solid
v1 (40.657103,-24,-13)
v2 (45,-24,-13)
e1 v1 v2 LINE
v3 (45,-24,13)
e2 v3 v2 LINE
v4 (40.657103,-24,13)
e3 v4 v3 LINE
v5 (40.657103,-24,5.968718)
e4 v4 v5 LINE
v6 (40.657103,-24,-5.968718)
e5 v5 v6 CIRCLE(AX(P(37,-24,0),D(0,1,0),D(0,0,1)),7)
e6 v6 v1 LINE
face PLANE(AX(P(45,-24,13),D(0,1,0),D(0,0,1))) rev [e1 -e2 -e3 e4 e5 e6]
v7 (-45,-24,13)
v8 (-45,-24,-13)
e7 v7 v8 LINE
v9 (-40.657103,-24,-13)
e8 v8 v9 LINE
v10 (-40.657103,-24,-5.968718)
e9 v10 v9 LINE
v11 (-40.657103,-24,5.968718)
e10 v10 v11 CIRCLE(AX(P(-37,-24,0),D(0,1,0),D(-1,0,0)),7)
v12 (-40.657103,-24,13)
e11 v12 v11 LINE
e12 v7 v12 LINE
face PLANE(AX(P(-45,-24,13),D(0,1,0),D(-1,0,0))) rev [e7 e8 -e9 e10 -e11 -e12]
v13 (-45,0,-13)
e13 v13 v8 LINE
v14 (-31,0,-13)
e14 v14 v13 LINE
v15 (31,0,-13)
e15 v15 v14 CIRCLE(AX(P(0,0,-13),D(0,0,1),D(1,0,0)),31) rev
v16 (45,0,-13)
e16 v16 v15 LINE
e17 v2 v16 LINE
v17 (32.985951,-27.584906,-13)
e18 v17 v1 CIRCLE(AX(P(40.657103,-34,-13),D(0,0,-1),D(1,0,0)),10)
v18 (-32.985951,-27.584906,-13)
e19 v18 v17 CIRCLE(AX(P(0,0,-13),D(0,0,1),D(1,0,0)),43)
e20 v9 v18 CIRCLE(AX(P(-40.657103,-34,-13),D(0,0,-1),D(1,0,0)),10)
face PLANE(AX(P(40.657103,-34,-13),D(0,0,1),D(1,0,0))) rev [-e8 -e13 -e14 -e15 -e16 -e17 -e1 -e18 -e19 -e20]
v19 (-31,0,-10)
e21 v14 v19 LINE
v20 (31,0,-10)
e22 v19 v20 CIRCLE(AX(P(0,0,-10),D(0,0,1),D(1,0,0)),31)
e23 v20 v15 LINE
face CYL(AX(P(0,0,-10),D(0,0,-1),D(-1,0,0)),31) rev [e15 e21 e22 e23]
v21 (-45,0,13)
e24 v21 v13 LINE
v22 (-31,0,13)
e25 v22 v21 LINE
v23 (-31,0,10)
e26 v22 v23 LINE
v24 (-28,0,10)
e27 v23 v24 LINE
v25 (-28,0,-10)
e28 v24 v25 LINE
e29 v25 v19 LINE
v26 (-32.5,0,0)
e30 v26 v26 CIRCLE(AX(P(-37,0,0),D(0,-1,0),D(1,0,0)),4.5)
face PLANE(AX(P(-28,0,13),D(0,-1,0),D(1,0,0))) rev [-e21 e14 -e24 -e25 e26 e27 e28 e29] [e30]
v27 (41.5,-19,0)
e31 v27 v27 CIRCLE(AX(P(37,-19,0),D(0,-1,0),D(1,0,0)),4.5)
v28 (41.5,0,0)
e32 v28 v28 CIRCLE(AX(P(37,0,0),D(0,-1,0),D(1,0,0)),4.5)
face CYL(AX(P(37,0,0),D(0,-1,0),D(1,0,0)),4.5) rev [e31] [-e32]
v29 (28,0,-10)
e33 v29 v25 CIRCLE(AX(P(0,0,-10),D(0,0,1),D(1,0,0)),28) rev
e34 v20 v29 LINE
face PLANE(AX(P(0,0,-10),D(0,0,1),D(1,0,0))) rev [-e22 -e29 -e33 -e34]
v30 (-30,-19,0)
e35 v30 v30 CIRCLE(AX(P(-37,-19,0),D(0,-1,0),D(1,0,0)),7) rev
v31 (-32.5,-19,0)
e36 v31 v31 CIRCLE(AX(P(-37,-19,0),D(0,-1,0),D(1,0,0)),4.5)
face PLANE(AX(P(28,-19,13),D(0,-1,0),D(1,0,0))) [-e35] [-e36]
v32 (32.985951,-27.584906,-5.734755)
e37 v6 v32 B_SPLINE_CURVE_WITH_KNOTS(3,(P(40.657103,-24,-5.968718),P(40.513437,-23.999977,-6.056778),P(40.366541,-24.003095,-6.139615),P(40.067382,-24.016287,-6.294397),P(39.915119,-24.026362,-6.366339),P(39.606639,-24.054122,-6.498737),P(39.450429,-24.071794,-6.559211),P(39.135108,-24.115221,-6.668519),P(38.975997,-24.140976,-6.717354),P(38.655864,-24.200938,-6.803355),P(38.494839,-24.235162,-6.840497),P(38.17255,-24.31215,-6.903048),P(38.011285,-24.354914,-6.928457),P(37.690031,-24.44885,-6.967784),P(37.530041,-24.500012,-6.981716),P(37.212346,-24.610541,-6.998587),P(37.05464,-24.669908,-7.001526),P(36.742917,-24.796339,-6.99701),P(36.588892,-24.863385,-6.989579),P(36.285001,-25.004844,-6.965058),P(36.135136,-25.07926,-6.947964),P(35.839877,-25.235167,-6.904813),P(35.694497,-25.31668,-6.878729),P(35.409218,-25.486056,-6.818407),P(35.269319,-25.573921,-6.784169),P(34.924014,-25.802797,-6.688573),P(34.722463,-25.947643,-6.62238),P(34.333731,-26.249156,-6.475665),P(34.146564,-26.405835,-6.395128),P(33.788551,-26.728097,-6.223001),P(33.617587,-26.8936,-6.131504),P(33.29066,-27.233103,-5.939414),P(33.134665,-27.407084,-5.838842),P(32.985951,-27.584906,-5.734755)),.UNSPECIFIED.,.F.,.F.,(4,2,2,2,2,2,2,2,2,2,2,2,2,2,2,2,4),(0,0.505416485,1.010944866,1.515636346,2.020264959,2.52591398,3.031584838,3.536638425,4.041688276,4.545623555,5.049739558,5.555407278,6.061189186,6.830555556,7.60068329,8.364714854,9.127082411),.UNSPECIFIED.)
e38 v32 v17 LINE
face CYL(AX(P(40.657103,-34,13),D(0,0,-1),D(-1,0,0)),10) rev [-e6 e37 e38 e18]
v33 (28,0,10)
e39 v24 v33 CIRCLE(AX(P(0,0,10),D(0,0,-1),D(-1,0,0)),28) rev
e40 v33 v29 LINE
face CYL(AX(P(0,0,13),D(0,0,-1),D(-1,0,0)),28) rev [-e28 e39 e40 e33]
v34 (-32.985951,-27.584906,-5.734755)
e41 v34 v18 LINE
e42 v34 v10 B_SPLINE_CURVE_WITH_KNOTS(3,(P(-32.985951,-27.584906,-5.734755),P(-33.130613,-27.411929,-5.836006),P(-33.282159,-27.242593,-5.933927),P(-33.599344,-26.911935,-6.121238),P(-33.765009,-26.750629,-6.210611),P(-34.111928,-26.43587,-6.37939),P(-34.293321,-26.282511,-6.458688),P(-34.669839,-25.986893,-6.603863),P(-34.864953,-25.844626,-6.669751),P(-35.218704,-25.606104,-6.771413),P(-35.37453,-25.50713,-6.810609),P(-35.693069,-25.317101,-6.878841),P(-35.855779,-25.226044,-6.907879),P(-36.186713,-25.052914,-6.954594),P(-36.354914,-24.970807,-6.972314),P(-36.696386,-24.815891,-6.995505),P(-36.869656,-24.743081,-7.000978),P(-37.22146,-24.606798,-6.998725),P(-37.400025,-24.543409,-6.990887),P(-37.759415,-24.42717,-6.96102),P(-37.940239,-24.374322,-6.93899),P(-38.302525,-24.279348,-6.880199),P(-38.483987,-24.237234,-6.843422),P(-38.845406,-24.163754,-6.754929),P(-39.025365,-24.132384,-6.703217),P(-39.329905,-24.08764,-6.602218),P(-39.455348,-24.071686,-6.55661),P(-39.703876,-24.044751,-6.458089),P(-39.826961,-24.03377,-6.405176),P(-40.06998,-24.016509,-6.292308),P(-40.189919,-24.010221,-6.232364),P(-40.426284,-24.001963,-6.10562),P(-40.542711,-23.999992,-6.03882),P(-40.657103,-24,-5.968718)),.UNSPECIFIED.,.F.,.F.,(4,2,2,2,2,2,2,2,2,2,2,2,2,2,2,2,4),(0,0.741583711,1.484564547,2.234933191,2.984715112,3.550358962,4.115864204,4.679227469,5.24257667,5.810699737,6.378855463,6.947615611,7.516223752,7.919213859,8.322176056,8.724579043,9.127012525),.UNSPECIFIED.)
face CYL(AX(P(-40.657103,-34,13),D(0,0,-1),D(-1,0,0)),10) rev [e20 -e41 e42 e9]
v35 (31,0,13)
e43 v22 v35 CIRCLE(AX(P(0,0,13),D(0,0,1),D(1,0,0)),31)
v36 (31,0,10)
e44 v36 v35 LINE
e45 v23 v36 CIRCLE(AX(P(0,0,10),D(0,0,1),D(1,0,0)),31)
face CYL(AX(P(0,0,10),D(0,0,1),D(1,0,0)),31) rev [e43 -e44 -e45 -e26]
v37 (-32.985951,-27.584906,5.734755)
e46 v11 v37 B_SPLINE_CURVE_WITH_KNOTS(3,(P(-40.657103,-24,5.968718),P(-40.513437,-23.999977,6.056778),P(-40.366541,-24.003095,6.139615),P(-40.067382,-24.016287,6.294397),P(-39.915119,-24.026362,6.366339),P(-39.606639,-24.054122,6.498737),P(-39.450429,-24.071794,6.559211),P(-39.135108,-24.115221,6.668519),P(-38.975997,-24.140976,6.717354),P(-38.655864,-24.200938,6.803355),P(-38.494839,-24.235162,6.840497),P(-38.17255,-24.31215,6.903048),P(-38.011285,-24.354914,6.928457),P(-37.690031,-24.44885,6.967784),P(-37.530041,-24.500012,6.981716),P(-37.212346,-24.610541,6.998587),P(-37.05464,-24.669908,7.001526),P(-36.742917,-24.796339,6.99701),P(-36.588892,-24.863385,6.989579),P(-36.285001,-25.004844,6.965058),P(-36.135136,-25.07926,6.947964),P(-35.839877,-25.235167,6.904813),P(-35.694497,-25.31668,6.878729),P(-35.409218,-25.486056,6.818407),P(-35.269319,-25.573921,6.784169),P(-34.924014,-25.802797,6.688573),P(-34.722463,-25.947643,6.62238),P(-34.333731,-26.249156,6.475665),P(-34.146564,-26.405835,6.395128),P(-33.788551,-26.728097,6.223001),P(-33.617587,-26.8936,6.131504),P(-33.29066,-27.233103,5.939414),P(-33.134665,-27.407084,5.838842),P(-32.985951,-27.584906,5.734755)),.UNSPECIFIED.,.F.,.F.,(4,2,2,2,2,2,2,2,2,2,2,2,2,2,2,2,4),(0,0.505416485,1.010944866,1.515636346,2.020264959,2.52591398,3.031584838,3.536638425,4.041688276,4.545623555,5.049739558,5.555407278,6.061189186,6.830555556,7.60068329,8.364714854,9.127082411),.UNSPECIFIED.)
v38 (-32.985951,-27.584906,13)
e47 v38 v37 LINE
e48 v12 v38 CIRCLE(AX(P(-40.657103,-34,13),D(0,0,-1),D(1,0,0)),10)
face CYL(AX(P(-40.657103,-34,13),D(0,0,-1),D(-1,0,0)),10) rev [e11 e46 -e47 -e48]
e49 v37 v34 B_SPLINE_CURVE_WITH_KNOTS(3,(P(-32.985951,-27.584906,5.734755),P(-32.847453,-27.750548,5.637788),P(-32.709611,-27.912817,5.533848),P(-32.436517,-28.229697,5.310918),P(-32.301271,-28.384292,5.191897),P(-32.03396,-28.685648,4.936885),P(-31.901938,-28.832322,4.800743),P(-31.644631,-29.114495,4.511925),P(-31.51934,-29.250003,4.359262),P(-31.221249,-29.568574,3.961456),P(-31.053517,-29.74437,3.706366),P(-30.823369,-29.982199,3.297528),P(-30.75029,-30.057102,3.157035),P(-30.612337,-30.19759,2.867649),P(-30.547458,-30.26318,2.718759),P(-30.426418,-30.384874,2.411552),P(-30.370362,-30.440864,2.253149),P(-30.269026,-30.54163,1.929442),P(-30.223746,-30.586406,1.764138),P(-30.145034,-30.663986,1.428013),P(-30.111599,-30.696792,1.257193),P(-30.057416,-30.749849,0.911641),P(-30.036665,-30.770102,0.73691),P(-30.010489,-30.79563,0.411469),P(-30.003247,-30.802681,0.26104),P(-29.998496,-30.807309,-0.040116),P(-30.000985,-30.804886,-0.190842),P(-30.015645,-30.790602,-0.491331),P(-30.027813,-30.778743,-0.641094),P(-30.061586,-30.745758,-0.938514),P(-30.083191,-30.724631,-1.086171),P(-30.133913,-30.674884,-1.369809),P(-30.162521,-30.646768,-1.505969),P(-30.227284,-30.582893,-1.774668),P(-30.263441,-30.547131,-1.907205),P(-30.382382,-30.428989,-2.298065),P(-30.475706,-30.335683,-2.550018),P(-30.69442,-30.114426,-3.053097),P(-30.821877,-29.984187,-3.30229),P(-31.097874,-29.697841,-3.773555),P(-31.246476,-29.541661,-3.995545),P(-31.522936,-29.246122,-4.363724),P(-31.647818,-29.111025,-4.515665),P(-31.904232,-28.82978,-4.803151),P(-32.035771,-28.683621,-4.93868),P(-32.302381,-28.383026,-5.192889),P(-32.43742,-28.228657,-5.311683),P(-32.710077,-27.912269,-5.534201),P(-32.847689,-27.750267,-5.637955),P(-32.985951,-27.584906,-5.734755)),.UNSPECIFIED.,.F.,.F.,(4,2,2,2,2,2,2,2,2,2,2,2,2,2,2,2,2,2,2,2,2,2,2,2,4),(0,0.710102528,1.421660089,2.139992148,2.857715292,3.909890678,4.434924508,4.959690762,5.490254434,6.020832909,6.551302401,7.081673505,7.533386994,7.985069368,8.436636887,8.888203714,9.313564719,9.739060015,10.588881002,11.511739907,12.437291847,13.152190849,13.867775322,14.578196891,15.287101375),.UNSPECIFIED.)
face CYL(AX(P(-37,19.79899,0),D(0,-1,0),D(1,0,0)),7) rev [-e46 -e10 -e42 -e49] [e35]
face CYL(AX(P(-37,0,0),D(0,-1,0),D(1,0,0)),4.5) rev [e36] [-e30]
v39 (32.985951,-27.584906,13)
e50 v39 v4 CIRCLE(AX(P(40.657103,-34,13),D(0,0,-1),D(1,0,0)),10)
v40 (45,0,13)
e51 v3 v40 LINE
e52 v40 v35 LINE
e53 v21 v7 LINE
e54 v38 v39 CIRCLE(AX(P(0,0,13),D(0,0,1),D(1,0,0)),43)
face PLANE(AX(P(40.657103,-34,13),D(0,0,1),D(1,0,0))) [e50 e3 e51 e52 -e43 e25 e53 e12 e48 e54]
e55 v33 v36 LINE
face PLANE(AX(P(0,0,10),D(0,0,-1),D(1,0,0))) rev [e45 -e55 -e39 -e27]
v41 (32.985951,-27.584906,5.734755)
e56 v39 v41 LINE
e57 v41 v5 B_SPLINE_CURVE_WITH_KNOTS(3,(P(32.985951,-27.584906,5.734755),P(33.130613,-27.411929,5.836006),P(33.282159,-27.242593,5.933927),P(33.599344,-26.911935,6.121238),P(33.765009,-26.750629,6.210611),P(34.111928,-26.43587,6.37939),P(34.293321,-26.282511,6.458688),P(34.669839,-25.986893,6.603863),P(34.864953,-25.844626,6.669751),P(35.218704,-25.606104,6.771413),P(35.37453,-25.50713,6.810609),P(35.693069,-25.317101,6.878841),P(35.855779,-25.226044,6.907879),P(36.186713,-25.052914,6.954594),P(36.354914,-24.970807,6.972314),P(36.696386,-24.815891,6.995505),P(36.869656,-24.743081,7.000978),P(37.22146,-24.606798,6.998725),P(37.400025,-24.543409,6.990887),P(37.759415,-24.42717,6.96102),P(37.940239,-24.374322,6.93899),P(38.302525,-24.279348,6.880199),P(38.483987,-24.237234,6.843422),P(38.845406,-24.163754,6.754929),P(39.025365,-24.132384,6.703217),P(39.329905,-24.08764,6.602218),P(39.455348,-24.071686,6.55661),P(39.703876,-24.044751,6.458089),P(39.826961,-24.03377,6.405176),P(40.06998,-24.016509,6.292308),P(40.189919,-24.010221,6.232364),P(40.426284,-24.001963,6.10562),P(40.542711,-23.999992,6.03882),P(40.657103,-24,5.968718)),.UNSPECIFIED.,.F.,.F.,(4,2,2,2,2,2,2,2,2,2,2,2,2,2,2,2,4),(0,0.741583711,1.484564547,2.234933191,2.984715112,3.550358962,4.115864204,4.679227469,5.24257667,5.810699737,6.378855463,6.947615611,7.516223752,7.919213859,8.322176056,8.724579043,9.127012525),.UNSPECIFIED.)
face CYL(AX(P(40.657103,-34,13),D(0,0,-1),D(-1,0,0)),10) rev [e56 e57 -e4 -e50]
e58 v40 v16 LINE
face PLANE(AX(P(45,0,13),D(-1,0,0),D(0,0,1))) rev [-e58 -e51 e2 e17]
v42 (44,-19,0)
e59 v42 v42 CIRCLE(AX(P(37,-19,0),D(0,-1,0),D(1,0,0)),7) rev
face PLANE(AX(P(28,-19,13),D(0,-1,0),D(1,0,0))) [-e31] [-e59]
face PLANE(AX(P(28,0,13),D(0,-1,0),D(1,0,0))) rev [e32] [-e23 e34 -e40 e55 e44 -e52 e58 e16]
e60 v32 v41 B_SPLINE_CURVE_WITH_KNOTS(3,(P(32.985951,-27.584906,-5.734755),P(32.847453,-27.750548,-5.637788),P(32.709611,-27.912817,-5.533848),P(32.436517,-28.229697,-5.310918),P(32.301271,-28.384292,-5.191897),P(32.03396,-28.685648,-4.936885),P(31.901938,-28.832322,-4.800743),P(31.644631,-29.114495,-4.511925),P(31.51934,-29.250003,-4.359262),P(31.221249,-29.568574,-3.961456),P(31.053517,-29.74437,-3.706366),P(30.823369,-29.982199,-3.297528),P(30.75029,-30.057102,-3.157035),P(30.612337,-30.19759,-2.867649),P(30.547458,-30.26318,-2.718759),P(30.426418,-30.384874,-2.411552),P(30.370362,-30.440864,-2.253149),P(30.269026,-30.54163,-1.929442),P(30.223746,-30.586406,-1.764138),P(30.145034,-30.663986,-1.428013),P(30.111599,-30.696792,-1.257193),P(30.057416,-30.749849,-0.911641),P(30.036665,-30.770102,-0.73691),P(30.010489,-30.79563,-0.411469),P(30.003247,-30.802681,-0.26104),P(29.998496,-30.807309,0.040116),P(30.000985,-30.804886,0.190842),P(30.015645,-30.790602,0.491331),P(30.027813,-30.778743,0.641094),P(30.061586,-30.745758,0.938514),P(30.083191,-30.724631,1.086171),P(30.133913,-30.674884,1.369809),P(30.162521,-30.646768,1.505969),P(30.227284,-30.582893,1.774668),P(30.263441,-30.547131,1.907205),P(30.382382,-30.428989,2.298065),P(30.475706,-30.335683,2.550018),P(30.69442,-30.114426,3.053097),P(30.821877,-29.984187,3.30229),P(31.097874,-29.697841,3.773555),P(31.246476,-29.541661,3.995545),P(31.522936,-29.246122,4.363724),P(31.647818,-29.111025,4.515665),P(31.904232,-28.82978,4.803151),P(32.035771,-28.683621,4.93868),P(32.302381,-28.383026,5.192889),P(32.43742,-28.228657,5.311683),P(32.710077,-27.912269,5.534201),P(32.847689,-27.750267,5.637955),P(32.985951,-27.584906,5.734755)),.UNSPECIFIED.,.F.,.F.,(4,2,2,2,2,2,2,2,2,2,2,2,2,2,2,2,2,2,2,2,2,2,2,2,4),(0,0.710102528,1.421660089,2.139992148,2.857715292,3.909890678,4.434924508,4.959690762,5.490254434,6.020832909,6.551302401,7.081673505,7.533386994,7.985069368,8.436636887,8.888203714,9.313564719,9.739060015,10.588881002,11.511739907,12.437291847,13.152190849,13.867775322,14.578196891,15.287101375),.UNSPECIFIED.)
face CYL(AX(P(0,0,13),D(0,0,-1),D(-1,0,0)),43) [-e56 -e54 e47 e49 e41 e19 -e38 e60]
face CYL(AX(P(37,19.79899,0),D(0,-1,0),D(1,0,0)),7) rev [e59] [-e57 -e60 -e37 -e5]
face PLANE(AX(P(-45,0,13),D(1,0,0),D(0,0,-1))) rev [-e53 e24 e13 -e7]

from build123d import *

# Parameters (mm, degrees)
EXTRUDE_1_DEPTH          = 13
SKETCH_3_R               = 31
CUT_EXTRUDE_1_DEPTH      = 3
CUT_EXTRUDE_3_DEPTH      = 53.630789468
CUT_EXTRUDE_3_DEPTH_BACK = 5
SKETCH_9_R               = 7
SKETCH_10_R              = 4.5
CUT_EXTRUDE_4_DEPTH      = 53.630789538


with BuildPart() as part:
    # Эскиз1 → Бобышка-Вытянуть1 (new, symmetric)
    with BuildSketch(Plane.XY):
        with BuildLine():
            Line((-28, 0), (-45, 0))
            Line((-45, 0), (-45, -24))
            Line((-45, -24), (-40.657102701, -24))
            ThreePointArc((-40.657102701, -24), (-36.423365781, -24.940448593), (-32.985951248, -27.58490566))
            ThreePointArc((-32.985951248, -27.58490566), (0, -43), (32.985951248, -27.58490566))
            ThreePointArc((32.985951248, -27.58490566), (36.423365781, -24.940448593), (40.657102701, -24))
            Line((40.657102701, -24), (45, -24))
            Line((45, -24), (45, 0))
            Line((45, 0), (28, 0))
            ThreePointArc((28, 0), (0, -28), (-28, 0))
        make_face()
    extrude(amount=EXTRUDE_1_DEPTH, both=True)

    # Эскиз3 → Вырез-Вытянуть1 (cut)
    with BuildSketch(Plane.XY.offset(-13)):
        Circle(SKETCH_3_R)
    cut_extrude_1 = extrude(amount=CUT_EXTRUDE_1_DEPTH, mode=Mode.SUBTRACT)

    # Зеркальное отражение2: Вырез-Вытянуть1 across plane
    add(cut_extrude_1.mirror(Plane.XY), mode=Mode.SUBTRACT)

    # Эскиз9 → Вырез-Вытянуть3 (cut, two sides: drawn at the far end of the back side and taken through both)
    with BuildSketch(Plane.XZ.offset(24).offset(-CUT_EXTRUDE_3_DEPTH_BACK)):
        with Locations((-37, 0)):
            Circle(SKETCH_9_R)
        with Locations((37, 0)):
            Circle(SKETCH_9_R)
    extrude(amount=CUT_EXTRUDE_3_DEPTH + CUT_EXTRUDE_3_DEPTH_BACK, mode=Mode.SUBTRACT)

    # Эскиз10 → Вырез-Вытянуть4 (cut, through all)
    with BuildSketch(Plane.XZ.offset(19)):
        with Locations((-37, 0)):
            Circle(SKETCH_10_R)
        with Locations((37, 0)):
            Circle(SKETCH_10_R)
    extrude(amount=-CUT_EXTRUDE_4_DEPTH, mode=Mode.SUBTRACT)


solid = part.part
